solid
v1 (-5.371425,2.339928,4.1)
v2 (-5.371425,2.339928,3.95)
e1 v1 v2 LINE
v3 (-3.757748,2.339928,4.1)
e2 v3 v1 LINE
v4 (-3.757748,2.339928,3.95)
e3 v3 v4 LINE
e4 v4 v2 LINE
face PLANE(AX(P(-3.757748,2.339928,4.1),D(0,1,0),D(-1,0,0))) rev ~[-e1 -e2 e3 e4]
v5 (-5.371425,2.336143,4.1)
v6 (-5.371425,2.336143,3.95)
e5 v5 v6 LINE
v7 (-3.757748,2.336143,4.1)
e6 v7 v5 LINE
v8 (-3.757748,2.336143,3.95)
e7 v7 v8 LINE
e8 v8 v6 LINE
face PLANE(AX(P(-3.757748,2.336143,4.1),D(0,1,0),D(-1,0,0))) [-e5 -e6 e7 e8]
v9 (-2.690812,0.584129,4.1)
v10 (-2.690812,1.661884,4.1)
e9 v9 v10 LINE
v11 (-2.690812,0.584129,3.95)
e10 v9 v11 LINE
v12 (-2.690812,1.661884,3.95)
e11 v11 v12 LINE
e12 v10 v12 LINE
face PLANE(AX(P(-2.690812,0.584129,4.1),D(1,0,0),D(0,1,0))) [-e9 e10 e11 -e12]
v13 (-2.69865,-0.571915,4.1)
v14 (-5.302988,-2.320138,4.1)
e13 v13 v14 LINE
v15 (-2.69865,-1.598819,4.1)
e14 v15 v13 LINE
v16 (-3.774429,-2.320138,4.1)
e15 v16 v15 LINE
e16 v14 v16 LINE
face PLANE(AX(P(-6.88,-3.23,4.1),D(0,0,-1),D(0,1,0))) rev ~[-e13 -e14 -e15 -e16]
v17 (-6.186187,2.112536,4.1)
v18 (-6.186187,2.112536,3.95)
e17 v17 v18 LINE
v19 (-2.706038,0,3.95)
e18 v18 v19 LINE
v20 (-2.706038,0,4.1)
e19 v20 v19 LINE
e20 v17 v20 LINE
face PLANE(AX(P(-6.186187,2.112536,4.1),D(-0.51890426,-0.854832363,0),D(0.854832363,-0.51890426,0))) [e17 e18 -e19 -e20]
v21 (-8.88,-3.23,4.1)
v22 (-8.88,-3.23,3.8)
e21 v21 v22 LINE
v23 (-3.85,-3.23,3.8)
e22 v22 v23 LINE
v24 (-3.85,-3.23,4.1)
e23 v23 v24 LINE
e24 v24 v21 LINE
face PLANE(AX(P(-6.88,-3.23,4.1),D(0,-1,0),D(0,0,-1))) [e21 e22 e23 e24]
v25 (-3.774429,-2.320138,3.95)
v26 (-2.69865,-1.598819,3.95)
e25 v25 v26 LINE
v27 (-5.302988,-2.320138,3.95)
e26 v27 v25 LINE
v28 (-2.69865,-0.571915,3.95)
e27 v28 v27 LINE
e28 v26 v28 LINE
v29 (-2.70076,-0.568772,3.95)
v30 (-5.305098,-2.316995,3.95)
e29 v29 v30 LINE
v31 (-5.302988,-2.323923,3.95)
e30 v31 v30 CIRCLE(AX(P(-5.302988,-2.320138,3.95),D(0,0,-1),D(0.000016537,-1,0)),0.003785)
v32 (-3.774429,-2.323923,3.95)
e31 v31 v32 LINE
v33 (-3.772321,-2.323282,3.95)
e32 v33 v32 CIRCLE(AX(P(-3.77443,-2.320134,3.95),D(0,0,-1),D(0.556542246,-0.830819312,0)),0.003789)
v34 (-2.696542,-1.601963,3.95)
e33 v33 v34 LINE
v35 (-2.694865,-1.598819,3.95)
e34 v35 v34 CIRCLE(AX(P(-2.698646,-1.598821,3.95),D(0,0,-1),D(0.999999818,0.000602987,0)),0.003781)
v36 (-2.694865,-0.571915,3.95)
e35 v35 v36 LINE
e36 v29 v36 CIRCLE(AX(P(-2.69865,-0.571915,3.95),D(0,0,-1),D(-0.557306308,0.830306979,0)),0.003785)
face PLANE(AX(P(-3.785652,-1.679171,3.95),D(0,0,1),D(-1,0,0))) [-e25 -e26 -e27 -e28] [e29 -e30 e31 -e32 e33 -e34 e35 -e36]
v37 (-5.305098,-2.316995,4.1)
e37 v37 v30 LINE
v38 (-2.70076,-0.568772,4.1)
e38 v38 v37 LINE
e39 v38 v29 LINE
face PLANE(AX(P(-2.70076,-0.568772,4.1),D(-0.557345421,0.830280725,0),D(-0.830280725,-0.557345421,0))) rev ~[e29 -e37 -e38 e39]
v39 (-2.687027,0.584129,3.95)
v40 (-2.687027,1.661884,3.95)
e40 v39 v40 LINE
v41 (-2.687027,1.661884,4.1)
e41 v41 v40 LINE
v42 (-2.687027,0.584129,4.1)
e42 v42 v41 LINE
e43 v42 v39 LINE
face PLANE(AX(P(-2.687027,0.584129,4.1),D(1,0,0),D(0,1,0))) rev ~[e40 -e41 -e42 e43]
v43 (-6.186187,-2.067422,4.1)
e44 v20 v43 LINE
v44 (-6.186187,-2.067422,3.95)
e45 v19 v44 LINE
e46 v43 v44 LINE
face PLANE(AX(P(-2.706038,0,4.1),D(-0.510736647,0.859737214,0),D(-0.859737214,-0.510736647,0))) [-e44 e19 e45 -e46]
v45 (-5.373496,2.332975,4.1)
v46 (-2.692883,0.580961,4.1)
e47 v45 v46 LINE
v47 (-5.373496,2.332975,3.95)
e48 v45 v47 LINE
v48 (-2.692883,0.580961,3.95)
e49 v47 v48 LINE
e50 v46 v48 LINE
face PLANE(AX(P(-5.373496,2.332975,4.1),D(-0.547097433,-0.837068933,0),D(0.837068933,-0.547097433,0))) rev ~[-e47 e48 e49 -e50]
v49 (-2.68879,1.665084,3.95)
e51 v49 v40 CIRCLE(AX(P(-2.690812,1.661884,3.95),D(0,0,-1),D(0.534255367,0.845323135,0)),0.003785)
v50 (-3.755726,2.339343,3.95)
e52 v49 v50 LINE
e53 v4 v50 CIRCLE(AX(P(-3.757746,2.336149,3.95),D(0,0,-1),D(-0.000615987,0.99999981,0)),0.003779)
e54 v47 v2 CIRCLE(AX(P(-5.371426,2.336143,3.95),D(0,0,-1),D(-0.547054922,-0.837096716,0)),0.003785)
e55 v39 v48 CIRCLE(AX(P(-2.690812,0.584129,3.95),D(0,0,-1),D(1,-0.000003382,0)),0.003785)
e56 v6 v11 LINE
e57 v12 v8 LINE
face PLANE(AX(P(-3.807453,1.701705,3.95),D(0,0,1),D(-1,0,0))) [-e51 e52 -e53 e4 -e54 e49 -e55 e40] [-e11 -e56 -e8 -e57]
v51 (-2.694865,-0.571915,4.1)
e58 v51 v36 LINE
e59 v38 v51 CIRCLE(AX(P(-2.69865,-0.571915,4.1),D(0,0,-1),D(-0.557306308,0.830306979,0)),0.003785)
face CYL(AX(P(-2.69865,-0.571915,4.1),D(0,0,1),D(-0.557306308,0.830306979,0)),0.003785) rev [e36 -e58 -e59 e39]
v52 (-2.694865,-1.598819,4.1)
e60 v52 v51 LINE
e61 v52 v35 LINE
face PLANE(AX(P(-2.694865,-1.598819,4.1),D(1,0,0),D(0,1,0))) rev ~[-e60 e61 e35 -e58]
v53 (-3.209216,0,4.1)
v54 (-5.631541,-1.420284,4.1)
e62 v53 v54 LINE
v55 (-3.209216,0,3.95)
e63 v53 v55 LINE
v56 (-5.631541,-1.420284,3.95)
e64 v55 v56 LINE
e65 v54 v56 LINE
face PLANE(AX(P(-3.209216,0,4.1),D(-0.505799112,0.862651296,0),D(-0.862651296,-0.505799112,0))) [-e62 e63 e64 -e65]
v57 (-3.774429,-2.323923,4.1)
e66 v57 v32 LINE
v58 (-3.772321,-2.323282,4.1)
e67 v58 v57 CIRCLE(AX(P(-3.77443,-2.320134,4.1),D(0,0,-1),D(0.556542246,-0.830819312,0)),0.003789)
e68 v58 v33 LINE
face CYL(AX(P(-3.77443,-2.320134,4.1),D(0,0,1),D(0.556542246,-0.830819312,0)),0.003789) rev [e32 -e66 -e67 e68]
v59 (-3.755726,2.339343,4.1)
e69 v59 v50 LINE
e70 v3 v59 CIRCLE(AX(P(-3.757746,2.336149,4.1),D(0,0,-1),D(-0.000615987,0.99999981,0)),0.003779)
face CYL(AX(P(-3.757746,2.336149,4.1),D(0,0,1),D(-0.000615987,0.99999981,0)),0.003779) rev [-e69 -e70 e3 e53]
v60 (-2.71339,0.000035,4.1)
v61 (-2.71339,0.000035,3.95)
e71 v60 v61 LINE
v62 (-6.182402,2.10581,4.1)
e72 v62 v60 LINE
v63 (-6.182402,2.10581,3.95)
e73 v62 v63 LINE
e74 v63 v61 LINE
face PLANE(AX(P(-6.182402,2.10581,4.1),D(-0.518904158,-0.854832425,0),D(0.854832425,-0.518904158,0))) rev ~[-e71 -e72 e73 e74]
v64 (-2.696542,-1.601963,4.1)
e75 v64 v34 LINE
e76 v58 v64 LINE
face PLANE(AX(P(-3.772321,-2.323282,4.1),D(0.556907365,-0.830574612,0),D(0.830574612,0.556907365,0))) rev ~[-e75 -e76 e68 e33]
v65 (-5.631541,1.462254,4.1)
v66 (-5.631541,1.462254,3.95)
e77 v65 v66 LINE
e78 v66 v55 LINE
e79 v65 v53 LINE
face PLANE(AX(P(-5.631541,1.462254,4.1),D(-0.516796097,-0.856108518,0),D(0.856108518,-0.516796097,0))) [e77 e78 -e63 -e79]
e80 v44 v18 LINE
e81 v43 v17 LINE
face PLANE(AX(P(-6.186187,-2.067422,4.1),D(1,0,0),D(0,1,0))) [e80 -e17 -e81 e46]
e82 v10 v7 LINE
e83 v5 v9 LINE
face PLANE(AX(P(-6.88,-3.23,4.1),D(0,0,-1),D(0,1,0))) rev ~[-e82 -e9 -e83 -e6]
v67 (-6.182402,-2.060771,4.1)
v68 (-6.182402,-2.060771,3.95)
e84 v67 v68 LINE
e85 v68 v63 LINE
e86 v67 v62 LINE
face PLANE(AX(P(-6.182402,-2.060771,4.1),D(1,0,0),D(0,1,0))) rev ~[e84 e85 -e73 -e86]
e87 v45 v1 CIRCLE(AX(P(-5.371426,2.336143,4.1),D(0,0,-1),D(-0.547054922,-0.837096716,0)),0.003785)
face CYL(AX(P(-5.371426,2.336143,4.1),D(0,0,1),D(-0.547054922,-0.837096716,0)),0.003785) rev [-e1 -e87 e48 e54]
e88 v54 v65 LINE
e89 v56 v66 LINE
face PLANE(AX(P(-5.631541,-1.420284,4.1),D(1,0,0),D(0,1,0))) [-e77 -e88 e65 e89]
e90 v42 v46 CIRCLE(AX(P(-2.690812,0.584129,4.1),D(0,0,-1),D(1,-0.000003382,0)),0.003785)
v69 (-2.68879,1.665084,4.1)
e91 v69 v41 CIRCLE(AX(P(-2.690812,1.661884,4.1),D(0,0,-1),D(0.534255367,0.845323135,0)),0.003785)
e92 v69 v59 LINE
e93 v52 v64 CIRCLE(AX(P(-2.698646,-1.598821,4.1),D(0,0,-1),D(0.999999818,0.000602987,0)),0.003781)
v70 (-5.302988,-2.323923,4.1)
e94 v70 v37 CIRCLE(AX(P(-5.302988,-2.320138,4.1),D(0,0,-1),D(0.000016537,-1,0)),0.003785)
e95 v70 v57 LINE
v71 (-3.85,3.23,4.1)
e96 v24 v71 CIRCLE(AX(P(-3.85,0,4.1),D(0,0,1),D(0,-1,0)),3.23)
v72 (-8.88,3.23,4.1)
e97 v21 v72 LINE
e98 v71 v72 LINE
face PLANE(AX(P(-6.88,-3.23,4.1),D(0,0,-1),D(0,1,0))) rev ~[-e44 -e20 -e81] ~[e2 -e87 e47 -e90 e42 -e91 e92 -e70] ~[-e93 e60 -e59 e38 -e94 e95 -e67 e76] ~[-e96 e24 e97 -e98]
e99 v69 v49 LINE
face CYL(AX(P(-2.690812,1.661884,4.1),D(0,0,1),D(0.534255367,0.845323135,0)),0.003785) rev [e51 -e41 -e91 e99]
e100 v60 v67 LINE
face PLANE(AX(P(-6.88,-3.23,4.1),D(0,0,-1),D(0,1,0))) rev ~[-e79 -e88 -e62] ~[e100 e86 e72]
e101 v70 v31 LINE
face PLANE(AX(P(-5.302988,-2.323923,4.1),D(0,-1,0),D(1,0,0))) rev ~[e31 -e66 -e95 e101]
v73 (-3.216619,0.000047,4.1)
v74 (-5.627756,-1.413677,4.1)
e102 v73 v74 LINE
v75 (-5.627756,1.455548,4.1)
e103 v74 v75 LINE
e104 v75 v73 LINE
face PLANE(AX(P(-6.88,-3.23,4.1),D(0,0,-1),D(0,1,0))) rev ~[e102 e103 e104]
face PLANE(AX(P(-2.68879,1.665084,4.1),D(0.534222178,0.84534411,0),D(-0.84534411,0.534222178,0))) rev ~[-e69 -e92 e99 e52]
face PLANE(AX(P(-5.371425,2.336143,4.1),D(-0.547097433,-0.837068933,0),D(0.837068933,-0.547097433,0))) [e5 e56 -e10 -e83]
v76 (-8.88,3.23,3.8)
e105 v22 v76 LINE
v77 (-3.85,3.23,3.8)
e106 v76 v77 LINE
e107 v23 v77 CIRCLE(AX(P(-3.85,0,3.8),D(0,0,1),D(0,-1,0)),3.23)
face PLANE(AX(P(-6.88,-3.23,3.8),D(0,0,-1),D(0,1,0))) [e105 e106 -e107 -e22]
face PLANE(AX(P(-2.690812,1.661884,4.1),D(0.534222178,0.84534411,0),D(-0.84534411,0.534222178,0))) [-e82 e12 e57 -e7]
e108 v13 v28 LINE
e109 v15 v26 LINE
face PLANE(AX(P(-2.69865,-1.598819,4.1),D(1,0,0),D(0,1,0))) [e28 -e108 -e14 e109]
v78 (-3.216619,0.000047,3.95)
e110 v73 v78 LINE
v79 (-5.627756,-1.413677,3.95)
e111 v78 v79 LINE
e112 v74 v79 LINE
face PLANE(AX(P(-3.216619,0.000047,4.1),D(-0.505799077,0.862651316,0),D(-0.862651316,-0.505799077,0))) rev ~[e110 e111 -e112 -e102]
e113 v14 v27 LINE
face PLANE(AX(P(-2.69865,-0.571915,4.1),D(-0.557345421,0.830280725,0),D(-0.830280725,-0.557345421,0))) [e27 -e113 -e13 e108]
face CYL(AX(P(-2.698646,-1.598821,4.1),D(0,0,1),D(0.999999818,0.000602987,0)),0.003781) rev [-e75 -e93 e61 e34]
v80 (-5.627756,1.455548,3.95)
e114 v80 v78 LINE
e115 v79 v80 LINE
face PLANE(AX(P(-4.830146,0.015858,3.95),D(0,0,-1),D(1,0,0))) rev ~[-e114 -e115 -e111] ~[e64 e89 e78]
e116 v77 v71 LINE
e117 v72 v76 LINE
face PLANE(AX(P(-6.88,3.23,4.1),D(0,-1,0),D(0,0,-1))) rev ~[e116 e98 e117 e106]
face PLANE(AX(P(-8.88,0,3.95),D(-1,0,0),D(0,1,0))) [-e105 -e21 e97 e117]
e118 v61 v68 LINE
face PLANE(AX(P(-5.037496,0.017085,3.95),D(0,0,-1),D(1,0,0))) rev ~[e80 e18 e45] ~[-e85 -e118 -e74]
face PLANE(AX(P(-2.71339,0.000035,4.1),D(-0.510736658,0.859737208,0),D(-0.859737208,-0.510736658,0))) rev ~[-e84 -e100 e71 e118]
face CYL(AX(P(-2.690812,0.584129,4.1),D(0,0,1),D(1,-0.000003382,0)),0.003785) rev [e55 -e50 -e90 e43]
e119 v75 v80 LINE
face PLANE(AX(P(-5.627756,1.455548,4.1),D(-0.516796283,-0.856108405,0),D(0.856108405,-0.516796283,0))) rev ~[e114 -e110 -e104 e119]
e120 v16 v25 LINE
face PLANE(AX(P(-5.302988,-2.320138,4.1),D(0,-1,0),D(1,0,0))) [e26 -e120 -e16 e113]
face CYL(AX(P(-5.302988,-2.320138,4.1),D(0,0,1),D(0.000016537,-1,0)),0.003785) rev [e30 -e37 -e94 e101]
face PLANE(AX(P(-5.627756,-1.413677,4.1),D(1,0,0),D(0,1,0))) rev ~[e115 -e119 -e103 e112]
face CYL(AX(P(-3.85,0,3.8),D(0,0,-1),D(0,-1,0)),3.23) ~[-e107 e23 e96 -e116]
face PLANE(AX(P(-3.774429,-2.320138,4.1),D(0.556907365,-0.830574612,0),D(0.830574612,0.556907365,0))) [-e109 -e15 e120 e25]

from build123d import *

# Parameters (mm, degrees)
PAD007_DEPTH            = 0.3
PAD007_FACE4_W          = 6.46
PAD007_FACE4_H          = 0.3
PAD008_DEPTH            = 2
POCKET026_DEPTH         = 0.15
BODY014_PLACEMENT_ANGLE = 180


with BuildPart() as part:
    # Sketch031 (on Face1 of Binder006) → Pad007 (new body)
    with BuildSketch(Plane.XY.offset(3.8)):
        with BuildLine():
            Line((-5.12, 3.23), (-8.15, 3.23))
            ThreePointArc((-8.15, 3.23), (-11.38, 0), (-8.15, -3.23))
            Line((-5.12, -3.23), (-8.15, -3.23))
            Line((-5.12, 3.23), (-5.12, -3.23))
        make_face()
    extrude(amount=PAD007_DEPTH)

    # Pad007 Face4 → Pad008 (add)
    with BuildSketch(Plane(origin=(-5.12, 0, 3.95), x_dir=(0, -1, 0), z_dir=(1, 0, 0))):
        Rectangle(PAD007_FACE4_W, PAD007_FACE4_H)
    extrude(amount=PAD008_DEPTH)

    # Sketch032 (on Face5 of Pad008) → Pocket026 (cut)
    with BuildSketch(Plane(origin=(-1, 0, 4.1), x_dir=(1, 0, 0), z_dir=(0, 0, 1))):
        Polygon((-4.813813, 2.067422), (-4.813813, -2.112536), (-8.293962, 0), align=None)
        Polygon((-4.817598, -2.10581), (-8.28661, -3.5e-05), (-4.817598, 2.060771), align=None, mode=Mode.SUBTRACT)
        with BuildLine():
            Line((-5.697012, 2.323923), (-7.225571, 2.323923))
            ThreePointArc((-7.227679, 2.323282), (-7.226673, 2.323759), (-7.225571, 2.323923))
            Line((-7.227679, 2.323282), (-8.303458, 1.601963))
            ThreePointArc((-8.305135, 1.598819), (-8.30469, 1.600601), (-8.303458, 1.601963))
            Line((-8.305135, 1.598819), (-8.305135, 0.571915))
            ThreePointArc((-8.29924, 0.568772), (-8.303131, 0.568575), (-8.305135, 0.571915))
            Line((-8.29924, 0.568772), (-5.694902, 2.316995))
            ThreePointArc((-5.697012, 2.323923), (-5.693391, 2.321241), (-5.694902, 2.316995))
        make_face()
        Polygon((-5.697012, 2.320138), (-7.225571, 2.320138), (-8.30135, 1.598819), (-8.30135, 0.571915), align=None, mode=Mode.SUBTRACT)
        with BuildLine():
            Line((-8.312973, -0.584129), (-8.312973, -1.661884))
            ThreePointArc((-8.31121, -1.665084), (-8.312503, -1.663711), (-8.312973, -1.661884))
            Line((-8.31121, -1.665084), (-7.244274, -2.339343))
            ThreePointArc((-7.242252, -2.339928), (-7.243305, -2.339779), (-7.244274, -2.339343))
            Line((-7.242252, -2.339928), (-5.628575, -2.339928))
            ThreePointArc((-5.626504, -2.332975), (-5.624947, -2.337223), (-5.628575, -2.339928))
            Line((-5.626504, -2.332975), (-8.307117, -0.580961))
            ThreePointArc((-8.312973, -0.584129), (-8.310989, -0.5808), (-8.307117, -0.580961))
        make_face()
        Polygon((-8.309188, -0.584129), (-8.309188, -1.661884), (-7.242252, -2.336143), (-5.628575, -2.336143), align=None, mode=Mode.SUBTRACT)
        Polygon((-5.368459, 1.420284), (-5.368459, -1.462254), (-7.790784, 0), align=None)
        Polygon((-5.372244, 1.413677), (-5.372244, -1.455548), (-7.783381, -4.7e-05), align=None, mode=Mode.SUBTRACT)
    extrude(amount=-POCKET026_DEPTH, mode=Mode.SUBTRACT)


with BuildPart() as part_1:
    # Body014 placement: moved
    add(part.part.moved(Location((-12, 0, 0))).rotate(Axis((-12, 0, 0), (0, 0, 1)), BODY014_PLACEMENT_ANGLE))


solid = part_1.part
